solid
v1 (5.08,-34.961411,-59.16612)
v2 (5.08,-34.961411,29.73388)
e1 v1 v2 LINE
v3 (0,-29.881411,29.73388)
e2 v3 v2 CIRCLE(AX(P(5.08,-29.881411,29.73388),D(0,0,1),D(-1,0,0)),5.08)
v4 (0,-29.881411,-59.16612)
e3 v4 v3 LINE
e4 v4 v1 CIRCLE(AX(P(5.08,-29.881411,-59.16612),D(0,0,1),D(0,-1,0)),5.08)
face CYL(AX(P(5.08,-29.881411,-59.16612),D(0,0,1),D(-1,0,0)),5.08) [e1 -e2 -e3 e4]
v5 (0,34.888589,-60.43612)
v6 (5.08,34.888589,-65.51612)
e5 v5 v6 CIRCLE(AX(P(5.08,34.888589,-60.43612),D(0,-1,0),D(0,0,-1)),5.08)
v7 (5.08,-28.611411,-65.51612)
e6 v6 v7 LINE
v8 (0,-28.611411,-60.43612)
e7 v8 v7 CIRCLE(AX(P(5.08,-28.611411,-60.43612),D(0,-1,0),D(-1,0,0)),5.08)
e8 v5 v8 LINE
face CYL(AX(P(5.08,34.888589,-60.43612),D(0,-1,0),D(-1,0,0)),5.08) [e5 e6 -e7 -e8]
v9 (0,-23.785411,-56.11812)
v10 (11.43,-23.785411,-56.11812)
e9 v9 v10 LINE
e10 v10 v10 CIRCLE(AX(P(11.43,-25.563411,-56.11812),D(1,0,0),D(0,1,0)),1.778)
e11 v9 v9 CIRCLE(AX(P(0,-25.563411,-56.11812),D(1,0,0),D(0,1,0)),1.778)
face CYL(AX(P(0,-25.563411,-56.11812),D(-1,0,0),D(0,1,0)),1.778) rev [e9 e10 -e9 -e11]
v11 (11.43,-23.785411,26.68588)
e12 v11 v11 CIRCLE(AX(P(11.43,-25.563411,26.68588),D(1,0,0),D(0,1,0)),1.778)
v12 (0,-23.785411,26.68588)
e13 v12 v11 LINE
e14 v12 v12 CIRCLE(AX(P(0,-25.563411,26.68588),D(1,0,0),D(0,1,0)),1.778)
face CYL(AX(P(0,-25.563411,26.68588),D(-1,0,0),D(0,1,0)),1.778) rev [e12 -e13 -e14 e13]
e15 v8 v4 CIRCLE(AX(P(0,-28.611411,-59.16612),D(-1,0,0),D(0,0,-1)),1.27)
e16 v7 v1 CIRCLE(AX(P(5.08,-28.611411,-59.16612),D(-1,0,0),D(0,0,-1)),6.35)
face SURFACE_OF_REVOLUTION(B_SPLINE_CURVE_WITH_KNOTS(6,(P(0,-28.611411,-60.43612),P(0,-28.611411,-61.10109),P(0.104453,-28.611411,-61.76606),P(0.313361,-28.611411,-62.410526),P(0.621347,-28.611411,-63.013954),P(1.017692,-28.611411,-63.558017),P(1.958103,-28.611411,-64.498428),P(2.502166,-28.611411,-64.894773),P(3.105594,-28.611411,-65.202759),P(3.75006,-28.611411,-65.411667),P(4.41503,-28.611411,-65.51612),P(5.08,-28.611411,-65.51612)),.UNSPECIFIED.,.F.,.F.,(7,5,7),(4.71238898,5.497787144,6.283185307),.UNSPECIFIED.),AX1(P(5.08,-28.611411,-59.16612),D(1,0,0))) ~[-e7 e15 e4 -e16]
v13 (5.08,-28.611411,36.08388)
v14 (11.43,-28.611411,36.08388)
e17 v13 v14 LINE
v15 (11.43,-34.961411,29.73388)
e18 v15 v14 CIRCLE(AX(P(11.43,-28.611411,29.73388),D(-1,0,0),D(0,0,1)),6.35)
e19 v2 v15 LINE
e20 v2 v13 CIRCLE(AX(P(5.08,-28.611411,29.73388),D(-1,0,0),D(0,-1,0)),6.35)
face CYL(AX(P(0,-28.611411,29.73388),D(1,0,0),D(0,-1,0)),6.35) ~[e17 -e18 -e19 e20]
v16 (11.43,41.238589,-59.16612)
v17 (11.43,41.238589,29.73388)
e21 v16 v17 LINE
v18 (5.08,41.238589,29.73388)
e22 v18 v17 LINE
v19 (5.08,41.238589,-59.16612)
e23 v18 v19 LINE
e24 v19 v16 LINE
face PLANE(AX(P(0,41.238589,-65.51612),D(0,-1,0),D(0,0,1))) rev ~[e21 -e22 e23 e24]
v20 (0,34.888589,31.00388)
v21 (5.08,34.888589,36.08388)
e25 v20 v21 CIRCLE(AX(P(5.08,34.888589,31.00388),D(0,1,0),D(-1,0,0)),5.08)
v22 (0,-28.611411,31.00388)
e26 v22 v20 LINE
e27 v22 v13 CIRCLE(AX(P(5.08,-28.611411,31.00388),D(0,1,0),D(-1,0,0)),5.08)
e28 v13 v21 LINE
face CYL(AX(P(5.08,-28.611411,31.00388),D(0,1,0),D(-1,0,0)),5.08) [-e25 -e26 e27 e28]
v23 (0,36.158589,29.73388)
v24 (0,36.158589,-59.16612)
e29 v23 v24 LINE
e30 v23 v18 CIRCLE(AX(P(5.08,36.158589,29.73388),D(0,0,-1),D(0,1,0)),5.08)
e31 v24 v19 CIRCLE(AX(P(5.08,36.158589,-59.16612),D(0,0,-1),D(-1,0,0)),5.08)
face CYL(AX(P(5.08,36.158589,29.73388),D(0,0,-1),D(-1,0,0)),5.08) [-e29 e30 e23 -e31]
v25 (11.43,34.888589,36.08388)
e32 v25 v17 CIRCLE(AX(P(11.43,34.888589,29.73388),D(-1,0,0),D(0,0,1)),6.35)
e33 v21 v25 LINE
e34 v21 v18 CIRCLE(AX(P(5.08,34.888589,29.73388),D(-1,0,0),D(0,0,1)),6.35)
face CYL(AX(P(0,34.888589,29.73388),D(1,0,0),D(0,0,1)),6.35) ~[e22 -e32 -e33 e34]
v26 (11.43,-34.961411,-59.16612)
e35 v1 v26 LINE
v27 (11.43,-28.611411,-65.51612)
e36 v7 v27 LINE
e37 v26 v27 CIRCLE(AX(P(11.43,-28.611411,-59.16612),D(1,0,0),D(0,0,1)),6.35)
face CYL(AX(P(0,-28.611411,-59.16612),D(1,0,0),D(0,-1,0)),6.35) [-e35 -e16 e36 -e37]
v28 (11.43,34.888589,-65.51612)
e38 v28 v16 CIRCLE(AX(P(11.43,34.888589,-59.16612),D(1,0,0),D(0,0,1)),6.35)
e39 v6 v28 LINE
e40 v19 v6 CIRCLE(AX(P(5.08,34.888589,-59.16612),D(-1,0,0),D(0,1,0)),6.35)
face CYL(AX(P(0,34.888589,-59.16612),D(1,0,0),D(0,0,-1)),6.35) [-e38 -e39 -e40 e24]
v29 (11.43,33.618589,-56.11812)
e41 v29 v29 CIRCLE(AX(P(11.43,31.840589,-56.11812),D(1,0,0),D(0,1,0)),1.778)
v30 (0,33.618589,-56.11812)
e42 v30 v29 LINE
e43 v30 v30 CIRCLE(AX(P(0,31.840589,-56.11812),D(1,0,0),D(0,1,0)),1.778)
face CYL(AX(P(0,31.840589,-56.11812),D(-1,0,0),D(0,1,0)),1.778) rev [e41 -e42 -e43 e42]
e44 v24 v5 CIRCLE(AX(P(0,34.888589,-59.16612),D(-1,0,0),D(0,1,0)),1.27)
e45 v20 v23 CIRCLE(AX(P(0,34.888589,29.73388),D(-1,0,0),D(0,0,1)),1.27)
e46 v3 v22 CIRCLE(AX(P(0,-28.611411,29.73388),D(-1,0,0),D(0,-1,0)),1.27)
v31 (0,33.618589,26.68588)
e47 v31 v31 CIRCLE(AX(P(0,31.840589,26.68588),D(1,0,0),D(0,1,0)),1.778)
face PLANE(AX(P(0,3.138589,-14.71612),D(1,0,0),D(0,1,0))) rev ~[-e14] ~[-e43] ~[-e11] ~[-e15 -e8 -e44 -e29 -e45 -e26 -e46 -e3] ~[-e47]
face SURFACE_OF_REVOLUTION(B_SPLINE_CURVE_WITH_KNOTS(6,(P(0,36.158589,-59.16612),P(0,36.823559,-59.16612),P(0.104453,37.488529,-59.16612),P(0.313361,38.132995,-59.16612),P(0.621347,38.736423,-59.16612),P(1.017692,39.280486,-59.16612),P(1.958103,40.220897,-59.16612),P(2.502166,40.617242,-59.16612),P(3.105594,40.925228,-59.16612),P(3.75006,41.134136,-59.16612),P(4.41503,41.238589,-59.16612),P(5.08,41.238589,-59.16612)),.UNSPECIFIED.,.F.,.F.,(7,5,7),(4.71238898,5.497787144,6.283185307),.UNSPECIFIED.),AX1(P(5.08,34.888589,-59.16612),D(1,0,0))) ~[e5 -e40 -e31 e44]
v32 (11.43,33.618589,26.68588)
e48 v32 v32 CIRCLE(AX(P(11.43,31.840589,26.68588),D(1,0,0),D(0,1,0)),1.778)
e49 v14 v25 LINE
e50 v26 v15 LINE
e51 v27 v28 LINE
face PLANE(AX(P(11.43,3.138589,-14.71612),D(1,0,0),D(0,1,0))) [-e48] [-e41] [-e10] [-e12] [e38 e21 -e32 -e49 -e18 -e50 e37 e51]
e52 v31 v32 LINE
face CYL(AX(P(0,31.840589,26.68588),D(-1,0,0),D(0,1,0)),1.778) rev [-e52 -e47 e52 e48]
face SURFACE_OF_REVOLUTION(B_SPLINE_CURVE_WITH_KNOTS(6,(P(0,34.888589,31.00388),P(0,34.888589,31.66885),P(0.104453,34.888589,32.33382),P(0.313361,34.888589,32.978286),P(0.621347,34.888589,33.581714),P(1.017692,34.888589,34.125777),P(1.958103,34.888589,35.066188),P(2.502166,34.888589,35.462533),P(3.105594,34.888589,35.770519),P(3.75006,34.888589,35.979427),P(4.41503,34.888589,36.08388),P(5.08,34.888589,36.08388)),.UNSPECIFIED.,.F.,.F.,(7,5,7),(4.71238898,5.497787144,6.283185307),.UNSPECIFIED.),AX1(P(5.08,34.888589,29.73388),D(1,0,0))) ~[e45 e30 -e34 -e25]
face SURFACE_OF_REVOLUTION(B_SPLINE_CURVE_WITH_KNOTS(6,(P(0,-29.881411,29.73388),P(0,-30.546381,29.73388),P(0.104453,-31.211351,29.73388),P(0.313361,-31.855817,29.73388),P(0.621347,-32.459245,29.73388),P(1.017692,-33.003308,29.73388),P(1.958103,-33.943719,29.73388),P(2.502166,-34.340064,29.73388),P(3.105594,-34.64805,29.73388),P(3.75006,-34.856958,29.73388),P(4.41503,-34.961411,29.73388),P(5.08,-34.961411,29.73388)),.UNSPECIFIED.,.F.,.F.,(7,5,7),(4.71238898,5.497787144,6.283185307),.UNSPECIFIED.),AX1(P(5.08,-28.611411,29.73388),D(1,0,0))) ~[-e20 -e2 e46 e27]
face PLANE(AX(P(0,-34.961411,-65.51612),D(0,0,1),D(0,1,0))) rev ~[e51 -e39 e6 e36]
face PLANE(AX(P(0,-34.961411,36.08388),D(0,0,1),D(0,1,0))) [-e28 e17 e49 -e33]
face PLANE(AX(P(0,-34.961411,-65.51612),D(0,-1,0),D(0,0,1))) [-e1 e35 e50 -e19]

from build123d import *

# Parameters (mm, degrees)
F0_W     = 76.2
F0_H     = 101.6
F0_R     = 1.778
F1_DEPTH = 11.43
F2_R     = 6.35
F3_R     = 5.08


with BuildPart() as f1:
    # F0 (on Right) → F1 (new body)
    with BuildSketch(Plane.YZ):
        with Locations((3.138589, -14.71612)):
            Rectangle(F0_W, F0_H)
        with Locations((-25.563411, -56.11812)):
            Circle(F0_R, mode=Mode.SUBTRACT)
        with Locations((31.840589, -56.11812)):
            Circle(F0_R, mode=Mode.SUBTRACT)
        with Locations((-25.563411, 26.68588)):
            Circle(F0_R, mode=Mode.SUBTRACT)
        with Locations((31.840589, 26.68588)):
            Circle(F0_R, mode=Mode.SUBTRACT)
    extrude(amount=F1_DEPTH)

    # F2
    f2_edges = [f1.edges().sort_by_distance(p)[0] for p in [
        (5.715, 41.238589, 36.08388),
        (5.715, 41.238589, -65.51612),
        (5.715, -34.961411, 36.08388),
        (5.715, -34.961411, -65.51612),
    ]]
    fillet(f2_edges, radius=F2_R)

    # F3
    f3_edges = [f1.edges().sort_by_distance(p)[0] for p in [
        (0, 3.138589, 36.08388),
    ]]
    fillet(f3_edges, radius=F3_R)


solid = f1.part
